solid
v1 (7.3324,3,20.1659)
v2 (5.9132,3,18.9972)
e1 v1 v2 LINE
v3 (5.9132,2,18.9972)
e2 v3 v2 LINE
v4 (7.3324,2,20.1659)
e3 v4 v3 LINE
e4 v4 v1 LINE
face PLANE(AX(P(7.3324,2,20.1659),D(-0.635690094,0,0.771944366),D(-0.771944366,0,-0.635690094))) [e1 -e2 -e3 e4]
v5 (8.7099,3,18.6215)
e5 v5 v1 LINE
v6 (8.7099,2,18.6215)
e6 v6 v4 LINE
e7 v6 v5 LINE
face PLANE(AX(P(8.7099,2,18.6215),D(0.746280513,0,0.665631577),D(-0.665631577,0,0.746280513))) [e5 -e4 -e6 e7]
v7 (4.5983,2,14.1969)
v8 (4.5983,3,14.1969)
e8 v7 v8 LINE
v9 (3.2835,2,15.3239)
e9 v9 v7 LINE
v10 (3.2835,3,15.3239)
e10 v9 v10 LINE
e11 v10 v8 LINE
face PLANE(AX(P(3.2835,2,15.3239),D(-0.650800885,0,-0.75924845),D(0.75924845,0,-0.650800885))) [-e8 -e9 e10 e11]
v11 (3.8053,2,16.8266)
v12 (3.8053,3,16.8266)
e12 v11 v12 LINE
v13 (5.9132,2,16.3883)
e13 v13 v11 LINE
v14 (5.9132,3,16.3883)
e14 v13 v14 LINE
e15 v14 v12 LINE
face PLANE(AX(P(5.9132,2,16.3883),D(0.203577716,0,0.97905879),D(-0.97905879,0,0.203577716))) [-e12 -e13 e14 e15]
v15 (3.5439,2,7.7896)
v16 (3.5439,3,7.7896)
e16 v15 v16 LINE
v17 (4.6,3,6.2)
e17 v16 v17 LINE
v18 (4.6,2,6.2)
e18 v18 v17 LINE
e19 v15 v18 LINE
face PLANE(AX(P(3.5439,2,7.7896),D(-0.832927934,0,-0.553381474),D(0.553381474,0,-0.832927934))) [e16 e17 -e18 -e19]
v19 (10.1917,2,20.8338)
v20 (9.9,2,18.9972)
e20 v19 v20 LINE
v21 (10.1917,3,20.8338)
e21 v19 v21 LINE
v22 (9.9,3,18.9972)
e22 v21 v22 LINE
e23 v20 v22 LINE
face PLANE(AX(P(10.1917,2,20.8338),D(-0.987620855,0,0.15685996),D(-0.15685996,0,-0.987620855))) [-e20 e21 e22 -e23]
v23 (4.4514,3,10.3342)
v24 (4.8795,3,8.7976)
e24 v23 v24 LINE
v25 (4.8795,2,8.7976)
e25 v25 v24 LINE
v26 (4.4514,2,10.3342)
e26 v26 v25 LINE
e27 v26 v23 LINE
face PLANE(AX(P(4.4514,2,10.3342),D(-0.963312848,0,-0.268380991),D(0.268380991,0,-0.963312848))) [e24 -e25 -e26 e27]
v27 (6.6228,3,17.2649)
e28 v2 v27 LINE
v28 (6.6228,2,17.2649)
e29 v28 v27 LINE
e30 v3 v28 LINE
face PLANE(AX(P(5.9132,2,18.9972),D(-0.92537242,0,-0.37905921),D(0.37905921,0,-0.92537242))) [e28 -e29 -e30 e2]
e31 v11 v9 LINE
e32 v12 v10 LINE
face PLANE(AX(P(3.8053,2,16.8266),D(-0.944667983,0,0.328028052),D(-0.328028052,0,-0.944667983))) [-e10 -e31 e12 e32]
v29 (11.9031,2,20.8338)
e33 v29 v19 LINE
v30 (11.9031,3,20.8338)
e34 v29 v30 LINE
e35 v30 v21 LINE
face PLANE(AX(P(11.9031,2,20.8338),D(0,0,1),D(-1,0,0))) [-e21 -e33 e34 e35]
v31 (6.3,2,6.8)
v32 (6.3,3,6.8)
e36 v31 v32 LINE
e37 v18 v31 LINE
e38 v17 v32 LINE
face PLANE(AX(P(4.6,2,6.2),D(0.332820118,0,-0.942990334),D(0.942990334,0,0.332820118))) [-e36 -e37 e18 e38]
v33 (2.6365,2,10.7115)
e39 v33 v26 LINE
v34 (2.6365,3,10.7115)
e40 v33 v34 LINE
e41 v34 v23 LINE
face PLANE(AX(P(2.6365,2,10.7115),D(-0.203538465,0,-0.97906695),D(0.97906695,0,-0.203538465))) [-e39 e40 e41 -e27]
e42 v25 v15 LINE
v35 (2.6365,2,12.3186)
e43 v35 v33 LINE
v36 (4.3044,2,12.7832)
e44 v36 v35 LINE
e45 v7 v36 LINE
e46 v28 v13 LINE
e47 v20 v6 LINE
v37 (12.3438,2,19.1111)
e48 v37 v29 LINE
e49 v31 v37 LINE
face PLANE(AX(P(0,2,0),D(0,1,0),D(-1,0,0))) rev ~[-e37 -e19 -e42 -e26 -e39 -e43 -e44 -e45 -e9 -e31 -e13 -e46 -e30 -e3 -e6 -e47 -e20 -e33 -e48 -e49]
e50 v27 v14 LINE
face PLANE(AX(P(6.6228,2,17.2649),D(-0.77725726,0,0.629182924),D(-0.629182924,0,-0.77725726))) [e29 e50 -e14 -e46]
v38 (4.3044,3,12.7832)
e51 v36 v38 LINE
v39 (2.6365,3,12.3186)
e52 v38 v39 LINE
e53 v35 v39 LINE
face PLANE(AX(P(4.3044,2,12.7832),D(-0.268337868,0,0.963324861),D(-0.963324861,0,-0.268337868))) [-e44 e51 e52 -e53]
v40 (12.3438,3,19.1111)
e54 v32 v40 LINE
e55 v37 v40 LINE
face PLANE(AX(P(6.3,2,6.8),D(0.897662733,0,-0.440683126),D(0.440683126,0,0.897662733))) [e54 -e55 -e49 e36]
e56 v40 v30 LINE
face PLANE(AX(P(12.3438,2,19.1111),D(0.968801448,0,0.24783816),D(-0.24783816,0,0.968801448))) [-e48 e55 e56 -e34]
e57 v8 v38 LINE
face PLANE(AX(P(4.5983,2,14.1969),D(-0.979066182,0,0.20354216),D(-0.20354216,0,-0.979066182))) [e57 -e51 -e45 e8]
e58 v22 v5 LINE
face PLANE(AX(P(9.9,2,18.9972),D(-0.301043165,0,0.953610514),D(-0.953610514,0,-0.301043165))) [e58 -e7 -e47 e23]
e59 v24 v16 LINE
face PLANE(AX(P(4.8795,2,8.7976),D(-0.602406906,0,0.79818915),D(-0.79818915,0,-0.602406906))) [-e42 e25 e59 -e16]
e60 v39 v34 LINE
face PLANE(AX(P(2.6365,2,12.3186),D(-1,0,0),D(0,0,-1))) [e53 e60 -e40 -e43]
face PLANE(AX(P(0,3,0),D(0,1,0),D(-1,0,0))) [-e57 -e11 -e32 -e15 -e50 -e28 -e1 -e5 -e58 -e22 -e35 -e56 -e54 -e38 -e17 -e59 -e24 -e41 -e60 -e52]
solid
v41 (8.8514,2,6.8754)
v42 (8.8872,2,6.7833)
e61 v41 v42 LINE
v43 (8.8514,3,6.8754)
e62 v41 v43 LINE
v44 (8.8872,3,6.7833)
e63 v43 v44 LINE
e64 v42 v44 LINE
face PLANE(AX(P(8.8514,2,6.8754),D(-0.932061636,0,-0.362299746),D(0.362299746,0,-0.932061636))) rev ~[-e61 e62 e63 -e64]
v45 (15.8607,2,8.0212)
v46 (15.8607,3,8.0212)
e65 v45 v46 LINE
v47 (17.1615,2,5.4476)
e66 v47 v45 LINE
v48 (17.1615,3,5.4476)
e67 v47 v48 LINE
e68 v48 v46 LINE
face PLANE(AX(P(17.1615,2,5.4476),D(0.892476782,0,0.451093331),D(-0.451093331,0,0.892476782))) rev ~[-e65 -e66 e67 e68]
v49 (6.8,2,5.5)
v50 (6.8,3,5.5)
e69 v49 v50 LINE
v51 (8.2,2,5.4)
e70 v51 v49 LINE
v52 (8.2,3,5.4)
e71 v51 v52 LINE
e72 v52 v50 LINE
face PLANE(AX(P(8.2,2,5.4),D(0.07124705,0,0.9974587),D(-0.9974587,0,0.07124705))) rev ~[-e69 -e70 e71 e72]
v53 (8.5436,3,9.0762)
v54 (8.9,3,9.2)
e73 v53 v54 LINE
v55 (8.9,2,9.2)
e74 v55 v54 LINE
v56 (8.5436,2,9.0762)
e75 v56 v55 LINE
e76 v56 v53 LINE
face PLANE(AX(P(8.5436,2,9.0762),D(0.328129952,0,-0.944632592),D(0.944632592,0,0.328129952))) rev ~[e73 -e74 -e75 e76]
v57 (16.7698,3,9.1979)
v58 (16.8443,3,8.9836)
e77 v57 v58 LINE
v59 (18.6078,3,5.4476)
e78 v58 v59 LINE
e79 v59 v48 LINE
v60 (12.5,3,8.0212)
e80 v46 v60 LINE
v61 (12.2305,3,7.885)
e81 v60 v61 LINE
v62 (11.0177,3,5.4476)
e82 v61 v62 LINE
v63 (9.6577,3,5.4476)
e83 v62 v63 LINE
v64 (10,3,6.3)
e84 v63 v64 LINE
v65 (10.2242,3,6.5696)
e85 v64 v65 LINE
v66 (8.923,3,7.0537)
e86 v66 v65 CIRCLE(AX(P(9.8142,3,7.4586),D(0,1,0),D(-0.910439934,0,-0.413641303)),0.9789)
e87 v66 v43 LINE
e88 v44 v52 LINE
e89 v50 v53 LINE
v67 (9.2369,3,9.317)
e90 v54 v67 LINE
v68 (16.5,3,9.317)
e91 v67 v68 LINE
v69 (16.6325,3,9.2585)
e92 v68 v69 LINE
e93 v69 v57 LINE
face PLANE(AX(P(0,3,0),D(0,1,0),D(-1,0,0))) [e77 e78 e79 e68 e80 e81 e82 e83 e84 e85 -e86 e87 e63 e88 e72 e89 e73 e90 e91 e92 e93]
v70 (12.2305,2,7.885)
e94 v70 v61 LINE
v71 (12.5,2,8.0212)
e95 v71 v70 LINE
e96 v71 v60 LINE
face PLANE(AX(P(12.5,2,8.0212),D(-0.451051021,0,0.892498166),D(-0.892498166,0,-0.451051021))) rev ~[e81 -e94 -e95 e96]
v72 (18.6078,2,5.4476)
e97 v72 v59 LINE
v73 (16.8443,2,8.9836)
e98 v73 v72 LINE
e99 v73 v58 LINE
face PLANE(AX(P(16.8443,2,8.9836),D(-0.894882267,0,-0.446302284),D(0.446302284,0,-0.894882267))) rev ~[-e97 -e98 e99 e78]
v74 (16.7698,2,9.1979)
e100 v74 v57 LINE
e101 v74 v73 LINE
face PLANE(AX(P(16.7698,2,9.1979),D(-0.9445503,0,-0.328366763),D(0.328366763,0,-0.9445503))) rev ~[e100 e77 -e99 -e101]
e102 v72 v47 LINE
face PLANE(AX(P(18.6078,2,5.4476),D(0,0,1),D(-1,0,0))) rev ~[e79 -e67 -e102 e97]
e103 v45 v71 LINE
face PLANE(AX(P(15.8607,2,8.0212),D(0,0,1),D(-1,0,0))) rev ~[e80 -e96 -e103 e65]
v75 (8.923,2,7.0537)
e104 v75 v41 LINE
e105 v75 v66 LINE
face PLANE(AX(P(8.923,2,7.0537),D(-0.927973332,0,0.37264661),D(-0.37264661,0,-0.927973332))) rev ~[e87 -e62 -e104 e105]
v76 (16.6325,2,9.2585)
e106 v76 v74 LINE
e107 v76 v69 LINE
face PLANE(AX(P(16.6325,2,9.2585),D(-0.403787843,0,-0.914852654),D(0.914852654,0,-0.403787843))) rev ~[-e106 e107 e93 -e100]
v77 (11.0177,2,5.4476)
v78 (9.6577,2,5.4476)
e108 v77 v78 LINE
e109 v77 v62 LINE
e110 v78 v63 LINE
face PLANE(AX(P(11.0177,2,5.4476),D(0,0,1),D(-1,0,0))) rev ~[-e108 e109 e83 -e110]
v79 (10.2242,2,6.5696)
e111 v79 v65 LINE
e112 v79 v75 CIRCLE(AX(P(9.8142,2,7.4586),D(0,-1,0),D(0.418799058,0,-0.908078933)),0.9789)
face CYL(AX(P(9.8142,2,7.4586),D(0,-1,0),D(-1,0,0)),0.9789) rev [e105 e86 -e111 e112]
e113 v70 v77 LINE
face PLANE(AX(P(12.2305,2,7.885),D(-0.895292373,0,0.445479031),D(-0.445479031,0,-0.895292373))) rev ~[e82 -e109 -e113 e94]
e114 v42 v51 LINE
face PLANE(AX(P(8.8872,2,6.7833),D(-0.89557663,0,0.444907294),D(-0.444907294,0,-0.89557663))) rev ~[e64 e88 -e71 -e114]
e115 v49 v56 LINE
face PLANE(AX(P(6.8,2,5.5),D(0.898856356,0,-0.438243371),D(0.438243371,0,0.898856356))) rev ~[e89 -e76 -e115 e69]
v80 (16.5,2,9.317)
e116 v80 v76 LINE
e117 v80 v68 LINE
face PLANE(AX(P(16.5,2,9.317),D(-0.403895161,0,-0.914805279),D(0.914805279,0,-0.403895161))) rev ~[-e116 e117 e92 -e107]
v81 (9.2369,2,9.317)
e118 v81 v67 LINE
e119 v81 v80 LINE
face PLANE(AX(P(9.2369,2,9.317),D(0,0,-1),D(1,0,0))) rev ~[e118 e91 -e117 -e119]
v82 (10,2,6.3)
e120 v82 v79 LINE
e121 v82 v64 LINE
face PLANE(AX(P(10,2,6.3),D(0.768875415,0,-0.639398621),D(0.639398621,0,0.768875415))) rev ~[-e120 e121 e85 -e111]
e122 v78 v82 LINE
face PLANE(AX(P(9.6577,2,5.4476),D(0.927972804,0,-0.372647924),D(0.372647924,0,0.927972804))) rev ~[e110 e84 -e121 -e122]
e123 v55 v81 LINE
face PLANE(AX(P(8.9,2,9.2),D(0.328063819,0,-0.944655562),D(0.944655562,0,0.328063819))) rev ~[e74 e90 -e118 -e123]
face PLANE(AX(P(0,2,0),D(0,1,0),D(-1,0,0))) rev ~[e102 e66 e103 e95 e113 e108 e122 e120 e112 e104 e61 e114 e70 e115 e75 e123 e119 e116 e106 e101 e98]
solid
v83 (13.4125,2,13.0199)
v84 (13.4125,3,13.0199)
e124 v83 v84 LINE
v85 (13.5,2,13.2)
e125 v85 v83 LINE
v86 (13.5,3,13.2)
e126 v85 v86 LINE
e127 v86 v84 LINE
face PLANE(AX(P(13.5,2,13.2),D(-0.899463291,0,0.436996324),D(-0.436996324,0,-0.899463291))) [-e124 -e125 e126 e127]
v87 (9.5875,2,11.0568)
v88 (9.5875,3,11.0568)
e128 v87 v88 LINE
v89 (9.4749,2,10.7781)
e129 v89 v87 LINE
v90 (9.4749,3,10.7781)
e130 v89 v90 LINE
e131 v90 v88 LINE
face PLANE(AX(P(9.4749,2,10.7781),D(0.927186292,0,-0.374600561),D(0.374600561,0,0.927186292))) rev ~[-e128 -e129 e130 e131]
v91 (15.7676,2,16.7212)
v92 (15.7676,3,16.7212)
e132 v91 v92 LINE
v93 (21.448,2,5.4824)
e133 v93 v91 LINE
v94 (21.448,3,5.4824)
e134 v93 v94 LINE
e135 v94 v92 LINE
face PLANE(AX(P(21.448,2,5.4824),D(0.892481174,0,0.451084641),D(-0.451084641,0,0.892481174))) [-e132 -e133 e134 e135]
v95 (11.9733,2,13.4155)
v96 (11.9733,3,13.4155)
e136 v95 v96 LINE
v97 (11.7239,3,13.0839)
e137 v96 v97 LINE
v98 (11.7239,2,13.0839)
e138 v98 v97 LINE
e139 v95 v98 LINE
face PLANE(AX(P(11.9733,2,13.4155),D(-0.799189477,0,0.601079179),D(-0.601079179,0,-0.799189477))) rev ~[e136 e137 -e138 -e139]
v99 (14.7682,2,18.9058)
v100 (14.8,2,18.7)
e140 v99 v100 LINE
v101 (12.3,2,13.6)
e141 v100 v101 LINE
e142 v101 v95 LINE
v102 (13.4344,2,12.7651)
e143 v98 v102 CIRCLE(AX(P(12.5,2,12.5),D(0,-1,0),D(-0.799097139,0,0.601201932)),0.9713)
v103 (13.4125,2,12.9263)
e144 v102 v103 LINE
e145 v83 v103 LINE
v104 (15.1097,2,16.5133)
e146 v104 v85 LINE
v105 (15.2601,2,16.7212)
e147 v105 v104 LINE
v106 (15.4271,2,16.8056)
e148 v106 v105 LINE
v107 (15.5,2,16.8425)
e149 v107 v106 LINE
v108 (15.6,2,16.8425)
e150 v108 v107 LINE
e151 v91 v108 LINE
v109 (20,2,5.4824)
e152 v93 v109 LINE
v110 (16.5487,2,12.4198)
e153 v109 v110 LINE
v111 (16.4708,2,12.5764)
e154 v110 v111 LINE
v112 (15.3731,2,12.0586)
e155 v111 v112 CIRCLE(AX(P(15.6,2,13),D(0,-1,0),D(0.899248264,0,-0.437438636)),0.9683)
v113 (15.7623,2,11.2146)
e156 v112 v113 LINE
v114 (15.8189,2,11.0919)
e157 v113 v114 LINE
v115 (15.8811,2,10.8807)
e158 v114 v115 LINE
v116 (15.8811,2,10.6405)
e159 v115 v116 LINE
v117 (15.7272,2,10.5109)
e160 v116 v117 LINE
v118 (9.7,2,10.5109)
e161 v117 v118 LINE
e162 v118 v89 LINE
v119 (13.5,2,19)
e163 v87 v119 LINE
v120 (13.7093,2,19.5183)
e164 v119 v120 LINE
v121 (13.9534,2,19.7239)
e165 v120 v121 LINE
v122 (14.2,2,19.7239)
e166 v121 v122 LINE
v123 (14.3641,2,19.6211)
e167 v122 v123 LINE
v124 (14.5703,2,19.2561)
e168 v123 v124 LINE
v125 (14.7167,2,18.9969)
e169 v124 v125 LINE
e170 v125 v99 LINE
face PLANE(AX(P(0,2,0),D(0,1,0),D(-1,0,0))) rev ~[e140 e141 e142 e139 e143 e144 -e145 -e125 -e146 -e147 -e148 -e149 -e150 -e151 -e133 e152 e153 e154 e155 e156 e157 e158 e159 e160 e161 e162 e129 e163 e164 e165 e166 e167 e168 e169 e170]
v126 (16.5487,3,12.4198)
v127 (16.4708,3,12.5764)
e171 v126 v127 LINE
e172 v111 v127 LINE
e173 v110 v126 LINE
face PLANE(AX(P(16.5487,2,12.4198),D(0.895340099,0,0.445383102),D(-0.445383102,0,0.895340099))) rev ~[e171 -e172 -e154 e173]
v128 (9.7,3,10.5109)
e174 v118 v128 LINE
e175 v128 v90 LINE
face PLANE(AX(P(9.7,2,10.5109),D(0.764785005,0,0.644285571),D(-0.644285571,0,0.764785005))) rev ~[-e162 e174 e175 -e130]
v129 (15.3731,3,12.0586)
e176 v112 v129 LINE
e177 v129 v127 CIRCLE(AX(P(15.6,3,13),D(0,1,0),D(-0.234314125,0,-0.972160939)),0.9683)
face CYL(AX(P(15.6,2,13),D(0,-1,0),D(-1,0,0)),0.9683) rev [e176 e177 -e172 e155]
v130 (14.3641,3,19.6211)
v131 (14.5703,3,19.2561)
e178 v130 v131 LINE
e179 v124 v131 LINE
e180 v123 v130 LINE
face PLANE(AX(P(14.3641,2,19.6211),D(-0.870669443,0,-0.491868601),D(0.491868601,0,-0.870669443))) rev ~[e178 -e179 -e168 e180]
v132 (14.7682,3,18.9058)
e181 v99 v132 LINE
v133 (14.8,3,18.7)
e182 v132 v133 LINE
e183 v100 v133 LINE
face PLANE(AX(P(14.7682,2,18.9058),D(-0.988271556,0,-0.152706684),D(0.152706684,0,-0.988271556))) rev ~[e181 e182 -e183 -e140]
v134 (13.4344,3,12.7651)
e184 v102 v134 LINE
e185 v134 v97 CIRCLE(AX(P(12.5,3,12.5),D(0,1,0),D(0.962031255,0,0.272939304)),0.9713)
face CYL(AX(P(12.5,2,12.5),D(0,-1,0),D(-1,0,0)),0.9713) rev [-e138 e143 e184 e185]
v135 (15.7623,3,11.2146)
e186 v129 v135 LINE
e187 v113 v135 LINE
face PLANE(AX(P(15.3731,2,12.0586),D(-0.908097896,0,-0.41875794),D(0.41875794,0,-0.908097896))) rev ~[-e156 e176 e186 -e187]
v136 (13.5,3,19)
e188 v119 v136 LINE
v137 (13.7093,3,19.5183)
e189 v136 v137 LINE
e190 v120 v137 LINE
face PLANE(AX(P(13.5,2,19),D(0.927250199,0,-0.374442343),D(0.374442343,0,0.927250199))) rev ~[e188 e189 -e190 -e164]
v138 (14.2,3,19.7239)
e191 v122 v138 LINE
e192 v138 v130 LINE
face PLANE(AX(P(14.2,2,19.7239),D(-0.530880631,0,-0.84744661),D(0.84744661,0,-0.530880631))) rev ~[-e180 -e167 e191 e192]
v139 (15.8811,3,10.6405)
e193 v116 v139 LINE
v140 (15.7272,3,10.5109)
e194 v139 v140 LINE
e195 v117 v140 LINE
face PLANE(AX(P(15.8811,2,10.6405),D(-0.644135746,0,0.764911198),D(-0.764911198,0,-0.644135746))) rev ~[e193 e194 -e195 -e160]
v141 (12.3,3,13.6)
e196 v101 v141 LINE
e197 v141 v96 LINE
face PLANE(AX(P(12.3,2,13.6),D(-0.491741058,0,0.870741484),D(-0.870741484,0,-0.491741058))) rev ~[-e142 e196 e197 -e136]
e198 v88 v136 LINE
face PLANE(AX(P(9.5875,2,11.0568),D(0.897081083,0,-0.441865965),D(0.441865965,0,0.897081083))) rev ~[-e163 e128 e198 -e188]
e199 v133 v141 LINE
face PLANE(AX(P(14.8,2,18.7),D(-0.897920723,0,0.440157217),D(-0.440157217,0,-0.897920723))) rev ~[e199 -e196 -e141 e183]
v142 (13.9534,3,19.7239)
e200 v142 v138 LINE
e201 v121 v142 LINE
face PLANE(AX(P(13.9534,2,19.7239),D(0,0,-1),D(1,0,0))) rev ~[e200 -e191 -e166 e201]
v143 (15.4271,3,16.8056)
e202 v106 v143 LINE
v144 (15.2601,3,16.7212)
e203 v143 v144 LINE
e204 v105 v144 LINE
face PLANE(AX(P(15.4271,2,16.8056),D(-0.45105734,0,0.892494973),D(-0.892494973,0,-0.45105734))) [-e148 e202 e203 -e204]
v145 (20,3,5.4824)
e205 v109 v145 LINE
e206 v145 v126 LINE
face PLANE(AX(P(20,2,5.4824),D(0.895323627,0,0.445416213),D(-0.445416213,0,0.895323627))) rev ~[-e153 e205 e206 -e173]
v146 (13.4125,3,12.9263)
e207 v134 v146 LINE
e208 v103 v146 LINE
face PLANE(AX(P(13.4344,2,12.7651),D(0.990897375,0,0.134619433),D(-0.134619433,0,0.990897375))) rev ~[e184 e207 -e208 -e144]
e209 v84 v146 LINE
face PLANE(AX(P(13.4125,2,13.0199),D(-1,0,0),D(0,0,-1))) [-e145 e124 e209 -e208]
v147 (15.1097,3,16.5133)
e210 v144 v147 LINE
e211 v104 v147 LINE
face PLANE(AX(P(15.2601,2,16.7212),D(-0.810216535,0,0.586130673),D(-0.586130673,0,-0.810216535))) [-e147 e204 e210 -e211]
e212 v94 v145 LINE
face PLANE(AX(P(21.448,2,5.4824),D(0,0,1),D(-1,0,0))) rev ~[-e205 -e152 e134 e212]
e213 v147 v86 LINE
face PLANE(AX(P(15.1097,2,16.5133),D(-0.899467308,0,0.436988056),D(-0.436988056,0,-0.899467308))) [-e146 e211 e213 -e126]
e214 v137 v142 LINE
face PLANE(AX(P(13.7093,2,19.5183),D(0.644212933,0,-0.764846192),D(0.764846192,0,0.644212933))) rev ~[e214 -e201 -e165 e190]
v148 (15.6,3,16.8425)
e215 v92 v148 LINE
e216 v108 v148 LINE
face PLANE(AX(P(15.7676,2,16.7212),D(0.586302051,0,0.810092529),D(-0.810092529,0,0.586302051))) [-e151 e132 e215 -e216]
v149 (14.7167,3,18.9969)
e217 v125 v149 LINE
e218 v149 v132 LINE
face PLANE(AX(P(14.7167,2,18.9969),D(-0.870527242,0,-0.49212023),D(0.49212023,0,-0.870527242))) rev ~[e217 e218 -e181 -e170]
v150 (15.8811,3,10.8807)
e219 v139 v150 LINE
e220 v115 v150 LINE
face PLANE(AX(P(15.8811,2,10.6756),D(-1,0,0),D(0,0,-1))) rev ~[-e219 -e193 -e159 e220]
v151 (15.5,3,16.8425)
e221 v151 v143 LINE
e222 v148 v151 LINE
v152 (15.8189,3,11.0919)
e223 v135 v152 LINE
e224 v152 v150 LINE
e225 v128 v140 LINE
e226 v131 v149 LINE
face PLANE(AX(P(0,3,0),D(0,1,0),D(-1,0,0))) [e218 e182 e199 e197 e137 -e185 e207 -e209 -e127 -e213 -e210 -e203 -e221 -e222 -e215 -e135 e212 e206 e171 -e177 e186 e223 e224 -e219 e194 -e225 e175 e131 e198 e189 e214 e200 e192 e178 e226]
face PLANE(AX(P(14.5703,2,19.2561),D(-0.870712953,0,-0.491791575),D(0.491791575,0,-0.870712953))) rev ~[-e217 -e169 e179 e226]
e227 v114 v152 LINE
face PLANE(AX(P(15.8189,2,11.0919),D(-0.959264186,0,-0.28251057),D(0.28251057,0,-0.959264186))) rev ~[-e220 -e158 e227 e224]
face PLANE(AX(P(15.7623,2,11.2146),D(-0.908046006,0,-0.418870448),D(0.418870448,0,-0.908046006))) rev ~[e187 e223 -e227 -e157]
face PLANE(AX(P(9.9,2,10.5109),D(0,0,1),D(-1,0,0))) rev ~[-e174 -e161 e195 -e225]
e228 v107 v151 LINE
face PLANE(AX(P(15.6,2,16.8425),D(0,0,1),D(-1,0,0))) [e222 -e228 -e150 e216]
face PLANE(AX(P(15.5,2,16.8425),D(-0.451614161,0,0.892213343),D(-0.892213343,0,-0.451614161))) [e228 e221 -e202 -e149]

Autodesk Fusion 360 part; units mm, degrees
sketch "Esquisse3" plane through (0, 2, 0) normal (0, 1, 0) x (-1, 0, 0)
  line L0 (0, 25) -> (-24, 25)
  line L1 (-24, 25) -> (-24, 0)
  line L2 (-24, 0) -> (0, 0)
  line L3 (0, 0) -> (0, 25)
  line L4 (-21.448, 5.4824) -> (-20, 5.4824)
  line L5 (-20, 5.4824) -> (-16.5487, 12.4198)
  circle A0 centre (-15.6, 13) radius 0.9683
  circle A1 centre (-12.5, 12.5) radius 0.9713
  circle A2 centre (-9.8142, 7.4586) radius 0.9789
  line L6 (-15.3731, 12.0586) -> (-15.7623, 11.2146)
  line L7 (-15.7623, 11.2146) -> (-15.8189, 11.0919)
  line L8 (-15.8189, 11.0919) -> (-15.8811, 10.8807)
  line L9 (-15.8811, 10.8807) -> (-15.8811, 10.6756)
  line L10 (-15.8811, 10.6756) -> (-15.8811, 10.6405)
  line L11 (-15.8811, 10.6405) -> (-15.7272, 10.5109)
  line L12 (-15.7272, 10.5109) -> (-9.9, 10.5109)
  line L13 (-9.9, 10.5109) -> (-9.7, 10.5109)
  line L14 (-9.7, 10.5109) -> (-9.4749, 10.7781)
  line L15 (-9.4749, 10.7781) -> (-9.5875, 11.0568)
  line L16 (-9.5875, 11.0568) -> (-13.5, 19)
  line L17 (-13.5, 19) -> (-13.7093, 19.5183)
  line L18 (-13.7093, 19.5183) -> (-13.9534, 19.7239)
  line L19 (-13.9534, 19.7239) -> (-14.2, 19.7239)
  line L20 (-14.2, 19.7239) -> (-14.3641, 19.6211)
  line L21 (-14.3641, 19.6211) -> (-14.5703, 19.2561)
  line L22 (-14.5703, 19.2561) -> (-14.7167, 18.9969)
  line L23 (-14.7167, 18.9969) -> (-14.7682, 18.9058)
  line L24 (-14.7682, 18.9058) -> (-14.8, 18.7)
  line L25 (-14.8, 18.7) -> (-12.3, 13.6)
  line L26 (-12.3, 13.6) -> (-11.9733, 13.4155)
  line L27 (-11.9733, 13.4155) -> (-11.7239, 13.0839)
  line L28 (-21.448, 5.4824) -> (-15.7676, 16.7212)
  line L29 (-15.7676, 16.7212) -> (-15.6, 16.8425)
  line L30 (-15.6, 16.8425) -> (-15.5, 16.8425)
  line L31 (-15.5, 16.8425) -> (-15.4271, 16.8056)
  line L32 (-15.4271, 16.8056) -> (-15.2601, 16.7212)
  line L33 (-15.2601, 16.7212) -> (-15.1097, 16.5133)
  line L34 (-15.1097, 16.5133) -> (-13.5, 13.2)
  line L35 (-13.5, 13.2) -> (-13.4125, 13.0199)
  line L36 (-13.4125, 13.0199) -> (-13.4125, 12.8327)
  line L37 (-13.4344, 12.7651) -> (-13.4125, 12.9263)
  line L38 (-16.5487, 12.4198) -> (-16.4708, 12.5764)
  line L39 (-18.6078, 5.4476) -> (-17.1615, 5.4476)
  line L40 (-17.1615, 5.4476) -> (-15.8607, 8.0212)
  line L41 (-15.8607, 8.0212) -> (-12.5, 8.0212)
  line L42 (-12.5, 8.0212) -> (-12.2305, 7.885)
  line L43 (-12.2305, 7.885) -> (-11.0177, 5.4476)
  line L44 (-11.0177, 5.4476) -> (-9.6577, 5.4476)
  line L45 (-9.6577, 5.4476) -> (-10, 6.3)
  line L46 (-10, 6.3) -> (-10.2242, 6.5696)
  line L47 (-8.923, 7.0537) -> (-8.8514, 6.8754)
  line L48 (-8.8514, 6.8754) -> (-8.8872, 6.7833)
  line L49 (-8.8872, 6.7833) -> (-8.2, 5.4)
  line L50 (-8.2, 5.4) -> (-6.8, 5.5)
  line L51 (-6.8, 5.5) -> (-8.5436, 9.0762)
  line L52 (-8.5436, 9.0762) -> (-8.9, 9.2)
  line L53 (-8.9, 9.2) -> (-9.2369, 9.317)
  line L54 (-9.2369, 9.317) -> (-16.5, 9.317)
  line L55 (-16.5, 9.317) -> (-16.6325, 9.2585)
  line L56 (-16.6325, 9.2585) -> (-16.7698, 9.1979)
  line L57 (-16.7698, 9.1979) -> (-16.8443, 8.9836)
  line L58 (-16.8443, 8.9836) -> (-18.6078, 5.4476)
  line L59 (-11.9031, 20.8338) -> (-10.1917, 20.8338)
  line L60 (-10.1917, 20.8338) -> (-9.9, 18.9972)
  line L61 (-9.9, 18.9972) -> (-8.7099, 18.6215)
  line L62 (-8.7099, 18.6215) -> (-7.3324, 20.1659)
  line L63 (-7.3324, 20.1659) -> (-5.9132, 18.9972)
  line L64 (-5.9132, 18.9972) -> (-6.6228, 17.2649)
  line L65 (-6.6228, 17.2649) -> (-5.9132, 16.3883)
  line L66 (-5.9132, 16.3883) -> (-3.8053, 16.8266)
  line L67 (-3.8053, 16.8266) -> (-3.2835, 15.3239)
  line L68 (-3.2835, 15.3239) -> (-4.5983, 14.1969)
  line L69 (-4.5983, 14.1969) -> (-4.3044, 12.7832)
  line L70 (-4.3044, 12.7832) -> (-2.6365, 12.3186)
  line L71 (-2.6365, 12.3186) -> (-2.6365, 10.7115)
  line L72 (-2.6365, 10.7115) -> (-4.4514, 10.3342)
  line L73 (-4.4514, 10.3342) -> (-4.8795, 8.7976)
  line L74 (-4.8795, 8.7976) -> (-3.5439, 7.7896)
  line L75 (-3.5439, 7.7896) -> (-4.6, 6.2)
  line L76 (-4.6, 6.2) -> (-6.3, 6.8)
  line L77 (-6.3, 6.8) -> (-12.3438, 19.1111)
  line L78 (-12.3438, 19.1111) -> (-11.9031, 20.8338)
extrude "Extrusion2" add sketch "Esquisse3" along normal blind 1 contours L4 L5 A0 A1 L6 L7 L8 L9 L10 L11 L12 L13 L14 L15 L16 L17 L18 L19 L20 L21 L22 L23 L24 L25 L26 L27 L28 L29 L30 L31 L32 L33 L34 L35 L36 L37 L38 | A2 L39 L40 L41 L42 L43 L44 L45 L46 L47 L48 L49 L50 L51 L52 L53 L54 L55 L56 L57 L58 | L59 L60 L61 L62 L63 L64 L65 L66 L67 L68 L69 L70 L71 L72 L73 L74 L75 L76 L77 L78 makes body 1 at (13.5333, 2, 17.1) makes body 2 at (8.1857, 2, 14.0998) makes body 3 at (12.7456, 2, 8.8851)
